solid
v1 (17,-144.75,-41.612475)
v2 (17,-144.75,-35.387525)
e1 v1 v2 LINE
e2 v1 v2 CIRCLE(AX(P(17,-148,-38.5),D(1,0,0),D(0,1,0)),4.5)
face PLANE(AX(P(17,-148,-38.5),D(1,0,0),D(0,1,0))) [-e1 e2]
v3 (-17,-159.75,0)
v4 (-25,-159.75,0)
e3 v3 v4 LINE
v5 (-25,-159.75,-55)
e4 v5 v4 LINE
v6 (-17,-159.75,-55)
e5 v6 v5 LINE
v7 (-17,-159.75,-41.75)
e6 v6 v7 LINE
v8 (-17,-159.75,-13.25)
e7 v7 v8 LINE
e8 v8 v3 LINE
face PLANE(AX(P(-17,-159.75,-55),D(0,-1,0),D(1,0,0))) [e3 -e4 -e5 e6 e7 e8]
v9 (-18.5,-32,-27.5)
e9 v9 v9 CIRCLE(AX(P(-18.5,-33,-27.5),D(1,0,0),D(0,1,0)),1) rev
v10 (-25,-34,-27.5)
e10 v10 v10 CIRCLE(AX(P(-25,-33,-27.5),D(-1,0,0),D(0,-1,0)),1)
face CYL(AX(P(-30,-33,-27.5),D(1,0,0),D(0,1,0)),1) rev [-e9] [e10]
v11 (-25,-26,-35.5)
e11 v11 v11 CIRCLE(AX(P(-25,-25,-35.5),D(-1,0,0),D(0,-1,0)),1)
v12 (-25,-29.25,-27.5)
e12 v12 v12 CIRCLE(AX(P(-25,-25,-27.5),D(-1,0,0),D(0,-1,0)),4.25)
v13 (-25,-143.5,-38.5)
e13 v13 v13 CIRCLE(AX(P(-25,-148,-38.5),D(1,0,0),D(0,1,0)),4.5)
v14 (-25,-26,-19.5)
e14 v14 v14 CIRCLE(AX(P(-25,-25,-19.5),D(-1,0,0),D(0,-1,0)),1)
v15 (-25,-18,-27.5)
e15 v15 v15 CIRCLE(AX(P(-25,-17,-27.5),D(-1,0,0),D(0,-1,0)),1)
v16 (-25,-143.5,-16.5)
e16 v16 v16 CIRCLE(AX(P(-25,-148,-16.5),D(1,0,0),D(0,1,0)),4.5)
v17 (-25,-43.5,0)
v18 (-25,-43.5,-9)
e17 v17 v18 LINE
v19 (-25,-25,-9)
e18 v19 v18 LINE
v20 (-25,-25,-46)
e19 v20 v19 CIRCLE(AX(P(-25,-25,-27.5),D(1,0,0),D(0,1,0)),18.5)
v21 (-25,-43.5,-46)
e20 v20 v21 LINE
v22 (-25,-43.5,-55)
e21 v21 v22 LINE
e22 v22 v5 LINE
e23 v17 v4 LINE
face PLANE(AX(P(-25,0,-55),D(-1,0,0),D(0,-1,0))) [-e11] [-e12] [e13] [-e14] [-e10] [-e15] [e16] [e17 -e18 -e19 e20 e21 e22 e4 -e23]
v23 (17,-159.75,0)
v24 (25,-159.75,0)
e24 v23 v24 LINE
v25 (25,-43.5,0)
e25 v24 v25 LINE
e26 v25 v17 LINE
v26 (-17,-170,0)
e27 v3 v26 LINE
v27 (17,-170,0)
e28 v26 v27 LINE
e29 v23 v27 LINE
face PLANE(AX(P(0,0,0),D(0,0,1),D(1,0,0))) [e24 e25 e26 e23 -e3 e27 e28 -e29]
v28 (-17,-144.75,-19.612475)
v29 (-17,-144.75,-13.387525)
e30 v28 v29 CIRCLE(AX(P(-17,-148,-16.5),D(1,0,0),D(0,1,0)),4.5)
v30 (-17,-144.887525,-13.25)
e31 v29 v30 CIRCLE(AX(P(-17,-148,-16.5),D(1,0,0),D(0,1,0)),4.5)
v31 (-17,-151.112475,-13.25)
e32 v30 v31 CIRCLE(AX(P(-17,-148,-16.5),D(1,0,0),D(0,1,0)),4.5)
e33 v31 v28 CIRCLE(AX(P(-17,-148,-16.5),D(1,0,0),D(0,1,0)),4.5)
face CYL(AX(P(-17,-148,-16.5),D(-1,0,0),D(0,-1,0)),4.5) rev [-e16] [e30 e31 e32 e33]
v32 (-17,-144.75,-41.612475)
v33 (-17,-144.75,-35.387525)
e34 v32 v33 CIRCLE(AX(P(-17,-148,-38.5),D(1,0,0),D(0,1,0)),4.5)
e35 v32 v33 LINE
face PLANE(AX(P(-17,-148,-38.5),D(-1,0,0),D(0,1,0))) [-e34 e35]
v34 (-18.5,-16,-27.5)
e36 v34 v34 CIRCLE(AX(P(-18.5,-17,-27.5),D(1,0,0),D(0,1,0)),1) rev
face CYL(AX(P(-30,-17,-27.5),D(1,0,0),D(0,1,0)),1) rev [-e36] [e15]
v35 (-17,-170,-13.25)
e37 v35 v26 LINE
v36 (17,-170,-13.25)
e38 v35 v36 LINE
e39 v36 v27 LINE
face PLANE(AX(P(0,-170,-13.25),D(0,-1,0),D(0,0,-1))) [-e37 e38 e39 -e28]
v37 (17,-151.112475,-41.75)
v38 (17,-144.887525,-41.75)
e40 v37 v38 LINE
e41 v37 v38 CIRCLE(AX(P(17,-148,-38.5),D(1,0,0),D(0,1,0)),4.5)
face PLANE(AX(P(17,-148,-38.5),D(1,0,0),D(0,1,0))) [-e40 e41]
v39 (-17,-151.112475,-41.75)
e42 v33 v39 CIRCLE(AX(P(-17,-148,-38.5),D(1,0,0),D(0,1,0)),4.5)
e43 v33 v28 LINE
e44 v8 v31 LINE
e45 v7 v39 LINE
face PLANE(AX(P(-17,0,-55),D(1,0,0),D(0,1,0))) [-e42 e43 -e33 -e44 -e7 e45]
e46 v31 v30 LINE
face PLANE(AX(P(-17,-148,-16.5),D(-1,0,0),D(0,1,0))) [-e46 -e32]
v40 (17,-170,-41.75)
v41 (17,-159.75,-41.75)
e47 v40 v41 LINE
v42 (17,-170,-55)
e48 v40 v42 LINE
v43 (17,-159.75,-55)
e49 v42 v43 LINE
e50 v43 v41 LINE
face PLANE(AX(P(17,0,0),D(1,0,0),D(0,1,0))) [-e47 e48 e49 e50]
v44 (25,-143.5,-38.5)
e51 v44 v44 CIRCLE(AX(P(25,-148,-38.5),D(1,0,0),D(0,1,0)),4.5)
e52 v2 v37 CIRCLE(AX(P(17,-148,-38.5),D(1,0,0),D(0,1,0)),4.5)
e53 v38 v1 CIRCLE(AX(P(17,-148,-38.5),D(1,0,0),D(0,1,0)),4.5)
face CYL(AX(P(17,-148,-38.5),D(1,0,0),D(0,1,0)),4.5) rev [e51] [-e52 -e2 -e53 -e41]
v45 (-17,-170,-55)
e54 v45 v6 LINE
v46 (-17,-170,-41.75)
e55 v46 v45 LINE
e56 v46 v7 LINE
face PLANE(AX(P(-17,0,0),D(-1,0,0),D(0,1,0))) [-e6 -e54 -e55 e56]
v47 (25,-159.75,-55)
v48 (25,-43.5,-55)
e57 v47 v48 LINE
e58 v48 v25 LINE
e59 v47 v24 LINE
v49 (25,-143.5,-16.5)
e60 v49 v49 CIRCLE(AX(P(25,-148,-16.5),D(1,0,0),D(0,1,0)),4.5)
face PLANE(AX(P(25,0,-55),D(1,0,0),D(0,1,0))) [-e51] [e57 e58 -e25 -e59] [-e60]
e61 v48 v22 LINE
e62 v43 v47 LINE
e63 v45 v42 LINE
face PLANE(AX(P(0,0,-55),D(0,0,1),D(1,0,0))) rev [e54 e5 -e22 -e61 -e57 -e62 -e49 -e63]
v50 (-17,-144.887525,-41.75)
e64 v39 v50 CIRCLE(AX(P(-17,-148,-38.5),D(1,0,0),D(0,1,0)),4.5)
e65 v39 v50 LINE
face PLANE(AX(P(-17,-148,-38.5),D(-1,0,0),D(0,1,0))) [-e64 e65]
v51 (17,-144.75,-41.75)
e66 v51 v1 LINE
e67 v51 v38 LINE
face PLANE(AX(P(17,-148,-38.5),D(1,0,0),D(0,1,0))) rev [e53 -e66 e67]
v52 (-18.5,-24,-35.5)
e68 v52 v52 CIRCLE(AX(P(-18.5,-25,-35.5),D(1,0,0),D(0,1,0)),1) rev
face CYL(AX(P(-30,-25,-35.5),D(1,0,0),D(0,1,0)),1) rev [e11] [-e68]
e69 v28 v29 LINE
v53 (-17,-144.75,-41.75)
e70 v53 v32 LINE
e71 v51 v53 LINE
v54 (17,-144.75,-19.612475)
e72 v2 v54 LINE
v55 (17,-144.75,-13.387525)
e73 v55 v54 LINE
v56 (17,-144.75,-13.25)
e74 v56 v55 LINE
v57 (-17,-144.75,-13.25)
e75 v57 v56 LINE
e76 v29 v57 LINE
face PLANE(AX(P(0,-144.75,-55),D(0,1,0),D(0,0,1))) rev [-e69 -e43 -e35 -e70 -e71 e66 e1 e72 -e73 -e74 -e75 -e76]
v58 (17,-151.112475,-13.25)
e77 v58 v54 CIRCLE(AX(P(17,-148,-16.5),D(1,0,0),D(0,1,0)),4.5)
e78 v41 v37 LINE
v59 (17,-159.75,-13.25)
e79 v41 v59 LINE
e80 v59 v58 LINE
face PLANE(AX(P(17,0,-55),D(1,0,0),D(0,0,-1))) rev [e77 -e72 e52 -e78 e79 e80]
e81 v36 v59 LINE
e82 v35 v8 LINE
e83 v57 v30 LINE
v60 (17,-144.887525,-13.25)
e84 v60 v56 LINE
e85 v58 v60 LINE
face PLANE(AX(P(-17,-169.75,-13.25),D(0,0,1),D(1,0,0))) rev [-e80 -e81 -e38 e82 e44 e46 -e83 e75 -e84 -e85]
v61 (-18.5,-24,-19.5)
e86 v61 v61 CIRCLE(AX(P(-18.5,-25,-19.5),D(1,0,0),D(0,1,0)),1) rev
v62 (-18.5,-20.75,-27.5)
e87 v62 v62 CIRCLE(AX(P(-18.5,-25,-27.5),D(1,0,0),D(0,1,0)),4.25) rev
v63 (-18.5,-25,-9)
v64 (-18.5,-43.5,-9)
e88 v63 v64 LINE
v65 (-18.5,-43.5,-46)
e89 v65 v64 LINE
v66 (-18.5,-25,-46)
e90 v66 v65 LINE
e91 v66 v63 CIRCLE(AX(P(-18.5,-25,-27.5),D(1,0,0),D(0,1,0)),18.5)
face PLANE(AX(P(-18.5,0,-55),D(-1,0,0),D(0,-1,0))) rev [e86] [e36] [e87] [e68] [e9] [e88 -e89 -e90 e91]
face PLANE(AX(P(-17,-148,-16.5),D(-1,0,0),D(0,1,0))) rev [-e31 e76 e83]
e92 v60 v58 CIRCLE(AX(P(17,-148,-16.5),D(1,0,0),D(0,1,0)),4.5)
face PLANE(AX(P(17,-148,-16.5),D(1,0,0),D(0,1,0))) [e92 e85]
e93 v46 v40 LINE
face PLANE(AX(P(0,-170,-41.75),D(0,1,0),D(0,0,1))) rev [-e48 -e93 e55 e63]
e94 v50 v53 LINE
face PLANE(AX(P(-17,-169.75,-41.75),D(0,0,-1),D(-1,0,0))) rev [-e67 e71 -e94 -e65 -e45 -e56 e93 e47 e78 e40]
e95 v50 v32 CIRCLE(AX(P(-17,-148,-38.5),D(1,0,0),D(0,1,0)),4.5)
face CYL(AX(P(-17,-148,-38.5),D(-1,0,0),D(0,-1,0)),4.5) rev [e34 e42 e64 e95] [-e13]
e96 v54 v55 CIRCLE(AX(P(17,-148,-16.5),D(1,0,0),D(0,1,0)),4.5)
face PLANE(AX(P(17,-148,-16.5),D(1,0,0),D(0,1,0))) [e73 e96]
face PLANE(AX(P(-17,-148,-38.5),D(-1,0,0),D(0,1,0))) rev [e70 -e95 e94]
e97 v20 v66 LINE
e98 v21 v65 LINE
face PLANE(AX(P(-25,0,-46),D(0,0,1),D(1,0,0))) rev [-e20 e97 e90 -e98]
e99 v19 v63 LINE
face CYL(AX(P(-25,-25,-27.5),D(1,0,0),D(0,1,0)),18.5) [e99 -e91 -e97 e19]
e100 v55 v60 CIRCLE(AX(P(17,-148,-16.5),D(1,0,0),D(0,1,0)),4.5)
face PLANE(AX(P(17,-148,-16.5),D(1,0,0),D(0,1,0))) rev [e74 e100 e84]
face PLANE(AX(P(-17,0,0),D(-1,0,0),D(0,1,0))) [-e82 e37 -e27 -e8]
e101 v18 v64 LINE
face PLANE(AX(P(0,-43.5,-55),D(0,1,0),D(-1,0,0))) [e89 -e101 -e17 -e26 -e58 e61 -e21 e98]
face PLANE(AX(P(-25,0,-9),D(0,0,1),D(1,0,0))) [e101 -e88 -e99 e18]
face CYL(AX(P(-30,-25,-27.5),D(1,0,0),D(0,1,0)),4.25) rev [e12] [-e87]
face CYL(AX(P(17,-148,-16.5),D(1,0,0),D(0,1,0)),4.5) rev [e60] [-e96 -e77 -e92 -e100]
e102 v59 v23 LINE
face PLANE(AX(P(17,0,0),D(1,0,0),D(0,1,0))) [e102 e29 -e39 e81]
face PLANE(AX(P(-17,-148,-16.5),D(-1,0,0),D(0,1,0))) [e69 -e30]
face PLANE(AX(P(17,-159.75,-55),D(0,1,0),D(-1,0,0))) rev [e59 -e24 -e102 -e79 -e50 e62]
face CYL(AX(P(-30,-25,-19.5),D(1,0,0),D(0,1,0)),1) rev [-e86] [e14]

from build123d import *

# Parameters (mm, degrees)
SKETCH1_W               = 50
SKETCH1_H               = 150
BOSS_EXTRUDE1_DEPTH     = 55
CUT_EXTRUDE1_DEPTH      = 168.406690428
CUT_EXTRUDE1_DEPTH_BACK = 45
SKETCH2_R               = 10.25
SKETCH7_R               = 1
SKETCH7_R_2             = 4.25
CUT_EXTRUDE3_DEPTH      = 10
SKETCH8_W               = 55
SKETCH8_H               = 55
SKETCH8_R               = 10.25
BOSS_EXTRUDE2_DEPTH     = 50
SKETCH10_W              = 8
SKETCH10_H              = 10.25
SKETCH10_W_2            = 17
SKETCH10_H_2            = 1
SKETCH10_W_3            = 34
SKETCH10_H_3            = 20
SKETCH10_H_4            = 5
CUT_EXTRUDE4_DEPTH      = 214.717102732
SKETCH11_W              = 34
SKETCH11_H              = 13.25
BOSS_EXTRUDE4_DEPTH     = 25
SKETCH13_W              = 55
SKETCH13_H              = 10
CUT_EXTRUDE5_DEPTH      = 8
SKETCH14_R              = 5.030159043
CUT_EXTRUDE6_DEPTH      = 8
SKETCH15_W              = 34
SKETCH15_H              = 0.25
BOSS_EXTRUDE5_DEPTH     = 13.25
CUT_EXTRUDE7_DEPTH      = 181.416185527
BOSS_EXTRUDE6_START     = 1.5
SKETCH19_R              = 10.25
SKETCH19_R_2            = 1
SKETCH19_R_3            = 4.25
BOSS_EXTRUDE6_DEPTH     = 1.5
CUT_EXTRUDE8_DEPTH      = 184.89467094
SKETCH21_R              = 5.030159043
SKETCH21_R_2            = 4.5
BOSS_EXTRUDE7_DEPTH     = 8


with BuildPart() as part:
    # Sketch1 → Boss-Extrude1 (new body)
    with BuildSketch(Plane.XY):
        with Locations((0, -75)):
            Rectangle(SKETCH1_W, SKETCH1_H)
    extrude(amount=-BOSS_EXTRUDE1_DEPTH)

    # Sketch2 → Cut-Extrude1 (cut, two sides: drawn at the far end of the back side and taken through both)
    with BuildSketch(Plane(origin=(25, 0, 0), x_dir=(0, 0, -1), z_dir=(1, 0, 0)).offset(-CUT_EXTRUDE1_DEPTH_BACK)):
        with Locations(Location((27.5, -25, 0), (0, 0, 270))):
            Circle(SKETCH2_R)
    extrude(amount=CUT_EXTRUDE1_DEPTH + CUT_EXTRUDE1_DEPTH_BACK, mode=Mode.SUBTRACT)

    # Sketch7 → Cut-Extrude3 (cut)
    with BuildSketch(Plane(origin=(-20, 0, 0), x_dir=(0, 0, -1), z_dir=(1, 0, 0))):
        with Locations(Location((27.5, -17, 0), (0, 0, 90))):
            Circle(SKETCH7_R)
        with Locations(Location((35.5, -25, 0), (0, 0, 90))):
            Circle(SKETCH7_R)
        with Locations(Location((27.5, -33, 0), (0, 0, 90))):
            Circle(SKETCH7_R)
        with Locations(Location((19.5, -25, 0), (0, 0, 90))):
            Circle(SKETCH7_R)
        with Locations(Location((27.5, -25, 0), (0, 0, 90))):
            Circle(SKETCH7_R_2)
    extrude(amount=-CUT_EXTRUDE3_DEPTH, mode=Mode.SUBTRACT)

    # Sketch8 → Boss-Extrude2 (add)
    with BuildSketch(Plane(origin=(25, 0, 0), x_dir=(0, 0, -1), z_dir=(1, 0, 0))):
        with Locations((27.5, -177.5)):
            Rectangle(SKETCH8_W, SKETCH8_H)
        with Locations(Location((27.5, -180, 0), (0, 0, 90))):
            Circle(SKETCH8_R, mode=Mode.SUBTRACT)
    extrude(amount=-BOSS_EXTRUDE2_DEPTH)

    # Sketch10 → Cut-Extrude4 (cut, through all)
    with BuildSketch(Plane.XY):
        Polygon((-17, -205), (17, -205), (17, -191.25), (0, -191.25), (-17, -191.25), align=None)
        Polygon((-25, -205), (-17, -205), (-17, -191.25), (-17, -190.25), (-25, -190.25), align=None)
        Polygon((17, -191.25), (17, -205), (25, -205), (25, -190.25), (17, -190.25), align=None)
        with Locations((-21, -185.125)):
            Rectangle(SKETCH10_W, SKETCH10_H)
        with Locations((-21, -174.875)):
            Rectangle(SKETCH10_W, SKETCH10_H)
        with Locations((21, -174.875)):
            Rectangle(SKETCH10_W, SKETCH10_H)
        with Locations((21, -185.125)):
            Rectangle(SKETCH10_W, SKETCH10_H)
        with Locations((-8.5, -185.125)):
            Rectangle(SKETCH10_W_2, SKETCH10_H)
        with Locations((8.5, -185.125)):
            Rectangle(SKETCH10_W_2, SKETCH10_H)
        Polygon((0, -180), (17, -180), (17, -169.75), (-17, -169.75), (-17, -180), align=None)
        with Locations((-8.5, -190.75)):
            Rectangle(SKETCH10_W_2, SKETCH10_H_2)
        with Locations((8.5, -190.75)):
            Rectangle(SKETCH10_W_2, SKETCH10_H_2)
        with Locations((0, -154.75)):
            Rectangle(SKETCH10_W_3, SKETCH10_H_3)
        with Locations((0, -167.25)):
            Rectangle(SKETCH10_W_3, SKETCH10_H_4)
    extrude(amount=-CUT_EXTRUDE4_DEPTH, mode=Mode.SUBTRACT)

    # Sketch11 → Boss-Extrude4 (add)
    with BuildSketch(Plane.XZ.offset(144.75)):
        with Locations((0, -6.625)):
            Rectangle(SKETCH11_W, SKETCH11_H)
        with Locations((0, -48.375)):
            Rectangle(SKETCH11_W, SKETCH11_H)
    extrude(amount=BOSS_EXTRUDE4_DEPTH)

    # Sketch13 → Cut-Extrude5 (cut)
    with BuildSketch(Plane(origin=(25, 0, 0), x_dir=(0, 0, -1), z_dir=(1, 0, 0))):
        with Locations((27.5, -164.75)):
            Rectangle(SKETCH13_W, SKETCH13_H)
    cut_extrude5 = extrude(amount=-CUT_EXTRUDE5_DEPTH, mode=Mode.SUBTRACT)

    # Mirror2: Cut-Extrude5 across plane
    add(cut_extrude5.mirror(Plane(origin=(0, 0, 0), x_dir=(0, 0, 1), z_dir=(1, 0, 0))), mode=Mode.SUBTRACT)

    # Sketch14 → Cut-Extrude6 (cut)
    with BuildSketch(Plane(origin=(25, 0, 0), x_dir=(0, 0, -1), z_dir=(1, 0, 0))):
        with Locations(Location((16.5, -148, 0), (0, 0, 90))):
            Circle(SKETCH14_R)
        with Locations(Location((38.5, -148, 0), (0, 0, 90))):
            Circle(SKETCH14_R)
    cut_extrude6 = extrude(amount=-CUT_EXTRUDE6_DEPTH, mode=Mode.SUBTRACT)

    # Mirror3: Cut-Extrude6 across plane
    add(cut_extrude6.mirror(Plane(origin=(0, 0, 0), x_dir=(0, 0, 1), z_dir=(1, 0, 0))), mode=Mode.SUBTRACT)

    # Sketch15 → Boss-Extrude5 (add)
    with BuildSketch(Plane.XY):
        with Locations((0, -169.875)):
            Rectangle(SKETCH15_W, SKETCH15_H)
    boss_extrude5 = extrude(amount=-BOSS_EXTRUDE5_DEPTH)

    # Mirror4: Boss-Extrude5 across plane
    add(boss_extrude5.mirror(Plane.XY.offset(-27.5)))

    # Sketch16 → Cut-Extrude7 (cut, through all)
    with BuildSketch(Plane.XY):
        Polygon((-18.5, 0), (-18.5, -14.75), (-18.5, -35.25), (-18.5, -43.5), (25, -43.5), (25, 0), align=None)
    extrude(amount=-CUT_EXTRUDE7_DEPTH, mode=Mode.SUBTRACT)

    # Sketch19 → Boss-Extrude6 (add)
    with BuildSketch(Plane(origin=(-20, 0, 0), x_dir=(0, 0, -1), z_dir=(1, 0, 0)).offset(BOSS_EXTRUDE6_START)):
        with Locations((27.5, -25)):
            Circle(SKETCH19_R)
        with Locations(Location((27.5, -17, 0), (0, 0, 90))):
            Circle(SKETCH19_R_2, mode=Mode.SUBTRACT)
        with Locations(Location((27.5, -33, 0), (0, 0, 90))):
            Circle(SKETCH19_R_2, mode=Mode.SUBTRACT)
        with Locations(Location((19.5, -25, 0), (0, 0, 90))):
            Circle(SKETCH19_R_2, mode=Mode.SUBTRACT)
        with Locations(Location((35.5, -25, 0), (0, 0, 90))):
            Circle(SKETCH19_R_2, mode=Mode.SUBTRACT)
        with Locations(Location((27.5, -25, 0), (0, 0, 90))):
            Circle(SKETCH19_R_3, mode=Mode.SUBTRACT)
    extrude(amount=-BOSS_EXTRUDE6_DEPTH)

    # Sketch20 → Cut-Extrude8 (cut, through all)
    with BuildSketch(Plane(origin=(-18.5, 0, 0), x_dir=(0, 0, -1), z_dir=(1, 0, 0))):
        with BuildLine():
            Line((0, 0), (0, -43.5))
            Line((0, -43.5), (9, -43.5))
            Line((9, -43.5), (9, -25))
            ThreePointArc((9, -25), (27.5, -6.5), (46, -25))
            Line((46, -25), (46, -43.5))
            Line((46, -43.5), (55, -43.5))
            Line((55, -43.5), (55, 0))
            Line((55, 0), (0, 0))
        make_face()
    extrude(amount=-CUT_EXTRUDE8_DEPTH, mode=Mode.SUBTRACT)

    # Sketch21 → Boss-Extrude7 (add)
    # profile 1 of 2: a face of its own
    with BuildSketch(Plane(origin=(25, 0, 0), x_dir=(0, 0, -1), z_dir=(1, 0, 0))):
        with Locations(Location((16.5, -148, 0), (0, 0, 229.751587581))):
            Circle(SKETCH21_R)
        with Locations(Location((16.5, -148, 0), (0, 0, 90))):
            Circle(SKETCH21_R_2, mode=Mode.SUBTRACT)
    # profile 2 of 2: a face of its own
    with BuildSketch(Plane(origin=(25, 0, 0), x_dir=(0, 0, -1), z_dir=(1, 0, 0))):
        with Locations(Location((38.5, -148, 0), (0, 0, 310.248412419))):
            Circle(SKETCH21_R)
        with Locations(Location((38.5, -148, 0), (0, 0, 90))):
            Circle(SKETCH21_R_2, mode=Mode.SUBTRACT)
    boss_extrude7 = extrude(amount=-BOSS_EXTRUDE7_DEPTH)

    # Mirror5: Boss-Extrude7 across plane
    add(boss_extrude7.mirror(Plane(origin=(0, 0, 0), x_dir=(0, 0, 1), z_dir=(1, 0, 0))))


solid = part.part
